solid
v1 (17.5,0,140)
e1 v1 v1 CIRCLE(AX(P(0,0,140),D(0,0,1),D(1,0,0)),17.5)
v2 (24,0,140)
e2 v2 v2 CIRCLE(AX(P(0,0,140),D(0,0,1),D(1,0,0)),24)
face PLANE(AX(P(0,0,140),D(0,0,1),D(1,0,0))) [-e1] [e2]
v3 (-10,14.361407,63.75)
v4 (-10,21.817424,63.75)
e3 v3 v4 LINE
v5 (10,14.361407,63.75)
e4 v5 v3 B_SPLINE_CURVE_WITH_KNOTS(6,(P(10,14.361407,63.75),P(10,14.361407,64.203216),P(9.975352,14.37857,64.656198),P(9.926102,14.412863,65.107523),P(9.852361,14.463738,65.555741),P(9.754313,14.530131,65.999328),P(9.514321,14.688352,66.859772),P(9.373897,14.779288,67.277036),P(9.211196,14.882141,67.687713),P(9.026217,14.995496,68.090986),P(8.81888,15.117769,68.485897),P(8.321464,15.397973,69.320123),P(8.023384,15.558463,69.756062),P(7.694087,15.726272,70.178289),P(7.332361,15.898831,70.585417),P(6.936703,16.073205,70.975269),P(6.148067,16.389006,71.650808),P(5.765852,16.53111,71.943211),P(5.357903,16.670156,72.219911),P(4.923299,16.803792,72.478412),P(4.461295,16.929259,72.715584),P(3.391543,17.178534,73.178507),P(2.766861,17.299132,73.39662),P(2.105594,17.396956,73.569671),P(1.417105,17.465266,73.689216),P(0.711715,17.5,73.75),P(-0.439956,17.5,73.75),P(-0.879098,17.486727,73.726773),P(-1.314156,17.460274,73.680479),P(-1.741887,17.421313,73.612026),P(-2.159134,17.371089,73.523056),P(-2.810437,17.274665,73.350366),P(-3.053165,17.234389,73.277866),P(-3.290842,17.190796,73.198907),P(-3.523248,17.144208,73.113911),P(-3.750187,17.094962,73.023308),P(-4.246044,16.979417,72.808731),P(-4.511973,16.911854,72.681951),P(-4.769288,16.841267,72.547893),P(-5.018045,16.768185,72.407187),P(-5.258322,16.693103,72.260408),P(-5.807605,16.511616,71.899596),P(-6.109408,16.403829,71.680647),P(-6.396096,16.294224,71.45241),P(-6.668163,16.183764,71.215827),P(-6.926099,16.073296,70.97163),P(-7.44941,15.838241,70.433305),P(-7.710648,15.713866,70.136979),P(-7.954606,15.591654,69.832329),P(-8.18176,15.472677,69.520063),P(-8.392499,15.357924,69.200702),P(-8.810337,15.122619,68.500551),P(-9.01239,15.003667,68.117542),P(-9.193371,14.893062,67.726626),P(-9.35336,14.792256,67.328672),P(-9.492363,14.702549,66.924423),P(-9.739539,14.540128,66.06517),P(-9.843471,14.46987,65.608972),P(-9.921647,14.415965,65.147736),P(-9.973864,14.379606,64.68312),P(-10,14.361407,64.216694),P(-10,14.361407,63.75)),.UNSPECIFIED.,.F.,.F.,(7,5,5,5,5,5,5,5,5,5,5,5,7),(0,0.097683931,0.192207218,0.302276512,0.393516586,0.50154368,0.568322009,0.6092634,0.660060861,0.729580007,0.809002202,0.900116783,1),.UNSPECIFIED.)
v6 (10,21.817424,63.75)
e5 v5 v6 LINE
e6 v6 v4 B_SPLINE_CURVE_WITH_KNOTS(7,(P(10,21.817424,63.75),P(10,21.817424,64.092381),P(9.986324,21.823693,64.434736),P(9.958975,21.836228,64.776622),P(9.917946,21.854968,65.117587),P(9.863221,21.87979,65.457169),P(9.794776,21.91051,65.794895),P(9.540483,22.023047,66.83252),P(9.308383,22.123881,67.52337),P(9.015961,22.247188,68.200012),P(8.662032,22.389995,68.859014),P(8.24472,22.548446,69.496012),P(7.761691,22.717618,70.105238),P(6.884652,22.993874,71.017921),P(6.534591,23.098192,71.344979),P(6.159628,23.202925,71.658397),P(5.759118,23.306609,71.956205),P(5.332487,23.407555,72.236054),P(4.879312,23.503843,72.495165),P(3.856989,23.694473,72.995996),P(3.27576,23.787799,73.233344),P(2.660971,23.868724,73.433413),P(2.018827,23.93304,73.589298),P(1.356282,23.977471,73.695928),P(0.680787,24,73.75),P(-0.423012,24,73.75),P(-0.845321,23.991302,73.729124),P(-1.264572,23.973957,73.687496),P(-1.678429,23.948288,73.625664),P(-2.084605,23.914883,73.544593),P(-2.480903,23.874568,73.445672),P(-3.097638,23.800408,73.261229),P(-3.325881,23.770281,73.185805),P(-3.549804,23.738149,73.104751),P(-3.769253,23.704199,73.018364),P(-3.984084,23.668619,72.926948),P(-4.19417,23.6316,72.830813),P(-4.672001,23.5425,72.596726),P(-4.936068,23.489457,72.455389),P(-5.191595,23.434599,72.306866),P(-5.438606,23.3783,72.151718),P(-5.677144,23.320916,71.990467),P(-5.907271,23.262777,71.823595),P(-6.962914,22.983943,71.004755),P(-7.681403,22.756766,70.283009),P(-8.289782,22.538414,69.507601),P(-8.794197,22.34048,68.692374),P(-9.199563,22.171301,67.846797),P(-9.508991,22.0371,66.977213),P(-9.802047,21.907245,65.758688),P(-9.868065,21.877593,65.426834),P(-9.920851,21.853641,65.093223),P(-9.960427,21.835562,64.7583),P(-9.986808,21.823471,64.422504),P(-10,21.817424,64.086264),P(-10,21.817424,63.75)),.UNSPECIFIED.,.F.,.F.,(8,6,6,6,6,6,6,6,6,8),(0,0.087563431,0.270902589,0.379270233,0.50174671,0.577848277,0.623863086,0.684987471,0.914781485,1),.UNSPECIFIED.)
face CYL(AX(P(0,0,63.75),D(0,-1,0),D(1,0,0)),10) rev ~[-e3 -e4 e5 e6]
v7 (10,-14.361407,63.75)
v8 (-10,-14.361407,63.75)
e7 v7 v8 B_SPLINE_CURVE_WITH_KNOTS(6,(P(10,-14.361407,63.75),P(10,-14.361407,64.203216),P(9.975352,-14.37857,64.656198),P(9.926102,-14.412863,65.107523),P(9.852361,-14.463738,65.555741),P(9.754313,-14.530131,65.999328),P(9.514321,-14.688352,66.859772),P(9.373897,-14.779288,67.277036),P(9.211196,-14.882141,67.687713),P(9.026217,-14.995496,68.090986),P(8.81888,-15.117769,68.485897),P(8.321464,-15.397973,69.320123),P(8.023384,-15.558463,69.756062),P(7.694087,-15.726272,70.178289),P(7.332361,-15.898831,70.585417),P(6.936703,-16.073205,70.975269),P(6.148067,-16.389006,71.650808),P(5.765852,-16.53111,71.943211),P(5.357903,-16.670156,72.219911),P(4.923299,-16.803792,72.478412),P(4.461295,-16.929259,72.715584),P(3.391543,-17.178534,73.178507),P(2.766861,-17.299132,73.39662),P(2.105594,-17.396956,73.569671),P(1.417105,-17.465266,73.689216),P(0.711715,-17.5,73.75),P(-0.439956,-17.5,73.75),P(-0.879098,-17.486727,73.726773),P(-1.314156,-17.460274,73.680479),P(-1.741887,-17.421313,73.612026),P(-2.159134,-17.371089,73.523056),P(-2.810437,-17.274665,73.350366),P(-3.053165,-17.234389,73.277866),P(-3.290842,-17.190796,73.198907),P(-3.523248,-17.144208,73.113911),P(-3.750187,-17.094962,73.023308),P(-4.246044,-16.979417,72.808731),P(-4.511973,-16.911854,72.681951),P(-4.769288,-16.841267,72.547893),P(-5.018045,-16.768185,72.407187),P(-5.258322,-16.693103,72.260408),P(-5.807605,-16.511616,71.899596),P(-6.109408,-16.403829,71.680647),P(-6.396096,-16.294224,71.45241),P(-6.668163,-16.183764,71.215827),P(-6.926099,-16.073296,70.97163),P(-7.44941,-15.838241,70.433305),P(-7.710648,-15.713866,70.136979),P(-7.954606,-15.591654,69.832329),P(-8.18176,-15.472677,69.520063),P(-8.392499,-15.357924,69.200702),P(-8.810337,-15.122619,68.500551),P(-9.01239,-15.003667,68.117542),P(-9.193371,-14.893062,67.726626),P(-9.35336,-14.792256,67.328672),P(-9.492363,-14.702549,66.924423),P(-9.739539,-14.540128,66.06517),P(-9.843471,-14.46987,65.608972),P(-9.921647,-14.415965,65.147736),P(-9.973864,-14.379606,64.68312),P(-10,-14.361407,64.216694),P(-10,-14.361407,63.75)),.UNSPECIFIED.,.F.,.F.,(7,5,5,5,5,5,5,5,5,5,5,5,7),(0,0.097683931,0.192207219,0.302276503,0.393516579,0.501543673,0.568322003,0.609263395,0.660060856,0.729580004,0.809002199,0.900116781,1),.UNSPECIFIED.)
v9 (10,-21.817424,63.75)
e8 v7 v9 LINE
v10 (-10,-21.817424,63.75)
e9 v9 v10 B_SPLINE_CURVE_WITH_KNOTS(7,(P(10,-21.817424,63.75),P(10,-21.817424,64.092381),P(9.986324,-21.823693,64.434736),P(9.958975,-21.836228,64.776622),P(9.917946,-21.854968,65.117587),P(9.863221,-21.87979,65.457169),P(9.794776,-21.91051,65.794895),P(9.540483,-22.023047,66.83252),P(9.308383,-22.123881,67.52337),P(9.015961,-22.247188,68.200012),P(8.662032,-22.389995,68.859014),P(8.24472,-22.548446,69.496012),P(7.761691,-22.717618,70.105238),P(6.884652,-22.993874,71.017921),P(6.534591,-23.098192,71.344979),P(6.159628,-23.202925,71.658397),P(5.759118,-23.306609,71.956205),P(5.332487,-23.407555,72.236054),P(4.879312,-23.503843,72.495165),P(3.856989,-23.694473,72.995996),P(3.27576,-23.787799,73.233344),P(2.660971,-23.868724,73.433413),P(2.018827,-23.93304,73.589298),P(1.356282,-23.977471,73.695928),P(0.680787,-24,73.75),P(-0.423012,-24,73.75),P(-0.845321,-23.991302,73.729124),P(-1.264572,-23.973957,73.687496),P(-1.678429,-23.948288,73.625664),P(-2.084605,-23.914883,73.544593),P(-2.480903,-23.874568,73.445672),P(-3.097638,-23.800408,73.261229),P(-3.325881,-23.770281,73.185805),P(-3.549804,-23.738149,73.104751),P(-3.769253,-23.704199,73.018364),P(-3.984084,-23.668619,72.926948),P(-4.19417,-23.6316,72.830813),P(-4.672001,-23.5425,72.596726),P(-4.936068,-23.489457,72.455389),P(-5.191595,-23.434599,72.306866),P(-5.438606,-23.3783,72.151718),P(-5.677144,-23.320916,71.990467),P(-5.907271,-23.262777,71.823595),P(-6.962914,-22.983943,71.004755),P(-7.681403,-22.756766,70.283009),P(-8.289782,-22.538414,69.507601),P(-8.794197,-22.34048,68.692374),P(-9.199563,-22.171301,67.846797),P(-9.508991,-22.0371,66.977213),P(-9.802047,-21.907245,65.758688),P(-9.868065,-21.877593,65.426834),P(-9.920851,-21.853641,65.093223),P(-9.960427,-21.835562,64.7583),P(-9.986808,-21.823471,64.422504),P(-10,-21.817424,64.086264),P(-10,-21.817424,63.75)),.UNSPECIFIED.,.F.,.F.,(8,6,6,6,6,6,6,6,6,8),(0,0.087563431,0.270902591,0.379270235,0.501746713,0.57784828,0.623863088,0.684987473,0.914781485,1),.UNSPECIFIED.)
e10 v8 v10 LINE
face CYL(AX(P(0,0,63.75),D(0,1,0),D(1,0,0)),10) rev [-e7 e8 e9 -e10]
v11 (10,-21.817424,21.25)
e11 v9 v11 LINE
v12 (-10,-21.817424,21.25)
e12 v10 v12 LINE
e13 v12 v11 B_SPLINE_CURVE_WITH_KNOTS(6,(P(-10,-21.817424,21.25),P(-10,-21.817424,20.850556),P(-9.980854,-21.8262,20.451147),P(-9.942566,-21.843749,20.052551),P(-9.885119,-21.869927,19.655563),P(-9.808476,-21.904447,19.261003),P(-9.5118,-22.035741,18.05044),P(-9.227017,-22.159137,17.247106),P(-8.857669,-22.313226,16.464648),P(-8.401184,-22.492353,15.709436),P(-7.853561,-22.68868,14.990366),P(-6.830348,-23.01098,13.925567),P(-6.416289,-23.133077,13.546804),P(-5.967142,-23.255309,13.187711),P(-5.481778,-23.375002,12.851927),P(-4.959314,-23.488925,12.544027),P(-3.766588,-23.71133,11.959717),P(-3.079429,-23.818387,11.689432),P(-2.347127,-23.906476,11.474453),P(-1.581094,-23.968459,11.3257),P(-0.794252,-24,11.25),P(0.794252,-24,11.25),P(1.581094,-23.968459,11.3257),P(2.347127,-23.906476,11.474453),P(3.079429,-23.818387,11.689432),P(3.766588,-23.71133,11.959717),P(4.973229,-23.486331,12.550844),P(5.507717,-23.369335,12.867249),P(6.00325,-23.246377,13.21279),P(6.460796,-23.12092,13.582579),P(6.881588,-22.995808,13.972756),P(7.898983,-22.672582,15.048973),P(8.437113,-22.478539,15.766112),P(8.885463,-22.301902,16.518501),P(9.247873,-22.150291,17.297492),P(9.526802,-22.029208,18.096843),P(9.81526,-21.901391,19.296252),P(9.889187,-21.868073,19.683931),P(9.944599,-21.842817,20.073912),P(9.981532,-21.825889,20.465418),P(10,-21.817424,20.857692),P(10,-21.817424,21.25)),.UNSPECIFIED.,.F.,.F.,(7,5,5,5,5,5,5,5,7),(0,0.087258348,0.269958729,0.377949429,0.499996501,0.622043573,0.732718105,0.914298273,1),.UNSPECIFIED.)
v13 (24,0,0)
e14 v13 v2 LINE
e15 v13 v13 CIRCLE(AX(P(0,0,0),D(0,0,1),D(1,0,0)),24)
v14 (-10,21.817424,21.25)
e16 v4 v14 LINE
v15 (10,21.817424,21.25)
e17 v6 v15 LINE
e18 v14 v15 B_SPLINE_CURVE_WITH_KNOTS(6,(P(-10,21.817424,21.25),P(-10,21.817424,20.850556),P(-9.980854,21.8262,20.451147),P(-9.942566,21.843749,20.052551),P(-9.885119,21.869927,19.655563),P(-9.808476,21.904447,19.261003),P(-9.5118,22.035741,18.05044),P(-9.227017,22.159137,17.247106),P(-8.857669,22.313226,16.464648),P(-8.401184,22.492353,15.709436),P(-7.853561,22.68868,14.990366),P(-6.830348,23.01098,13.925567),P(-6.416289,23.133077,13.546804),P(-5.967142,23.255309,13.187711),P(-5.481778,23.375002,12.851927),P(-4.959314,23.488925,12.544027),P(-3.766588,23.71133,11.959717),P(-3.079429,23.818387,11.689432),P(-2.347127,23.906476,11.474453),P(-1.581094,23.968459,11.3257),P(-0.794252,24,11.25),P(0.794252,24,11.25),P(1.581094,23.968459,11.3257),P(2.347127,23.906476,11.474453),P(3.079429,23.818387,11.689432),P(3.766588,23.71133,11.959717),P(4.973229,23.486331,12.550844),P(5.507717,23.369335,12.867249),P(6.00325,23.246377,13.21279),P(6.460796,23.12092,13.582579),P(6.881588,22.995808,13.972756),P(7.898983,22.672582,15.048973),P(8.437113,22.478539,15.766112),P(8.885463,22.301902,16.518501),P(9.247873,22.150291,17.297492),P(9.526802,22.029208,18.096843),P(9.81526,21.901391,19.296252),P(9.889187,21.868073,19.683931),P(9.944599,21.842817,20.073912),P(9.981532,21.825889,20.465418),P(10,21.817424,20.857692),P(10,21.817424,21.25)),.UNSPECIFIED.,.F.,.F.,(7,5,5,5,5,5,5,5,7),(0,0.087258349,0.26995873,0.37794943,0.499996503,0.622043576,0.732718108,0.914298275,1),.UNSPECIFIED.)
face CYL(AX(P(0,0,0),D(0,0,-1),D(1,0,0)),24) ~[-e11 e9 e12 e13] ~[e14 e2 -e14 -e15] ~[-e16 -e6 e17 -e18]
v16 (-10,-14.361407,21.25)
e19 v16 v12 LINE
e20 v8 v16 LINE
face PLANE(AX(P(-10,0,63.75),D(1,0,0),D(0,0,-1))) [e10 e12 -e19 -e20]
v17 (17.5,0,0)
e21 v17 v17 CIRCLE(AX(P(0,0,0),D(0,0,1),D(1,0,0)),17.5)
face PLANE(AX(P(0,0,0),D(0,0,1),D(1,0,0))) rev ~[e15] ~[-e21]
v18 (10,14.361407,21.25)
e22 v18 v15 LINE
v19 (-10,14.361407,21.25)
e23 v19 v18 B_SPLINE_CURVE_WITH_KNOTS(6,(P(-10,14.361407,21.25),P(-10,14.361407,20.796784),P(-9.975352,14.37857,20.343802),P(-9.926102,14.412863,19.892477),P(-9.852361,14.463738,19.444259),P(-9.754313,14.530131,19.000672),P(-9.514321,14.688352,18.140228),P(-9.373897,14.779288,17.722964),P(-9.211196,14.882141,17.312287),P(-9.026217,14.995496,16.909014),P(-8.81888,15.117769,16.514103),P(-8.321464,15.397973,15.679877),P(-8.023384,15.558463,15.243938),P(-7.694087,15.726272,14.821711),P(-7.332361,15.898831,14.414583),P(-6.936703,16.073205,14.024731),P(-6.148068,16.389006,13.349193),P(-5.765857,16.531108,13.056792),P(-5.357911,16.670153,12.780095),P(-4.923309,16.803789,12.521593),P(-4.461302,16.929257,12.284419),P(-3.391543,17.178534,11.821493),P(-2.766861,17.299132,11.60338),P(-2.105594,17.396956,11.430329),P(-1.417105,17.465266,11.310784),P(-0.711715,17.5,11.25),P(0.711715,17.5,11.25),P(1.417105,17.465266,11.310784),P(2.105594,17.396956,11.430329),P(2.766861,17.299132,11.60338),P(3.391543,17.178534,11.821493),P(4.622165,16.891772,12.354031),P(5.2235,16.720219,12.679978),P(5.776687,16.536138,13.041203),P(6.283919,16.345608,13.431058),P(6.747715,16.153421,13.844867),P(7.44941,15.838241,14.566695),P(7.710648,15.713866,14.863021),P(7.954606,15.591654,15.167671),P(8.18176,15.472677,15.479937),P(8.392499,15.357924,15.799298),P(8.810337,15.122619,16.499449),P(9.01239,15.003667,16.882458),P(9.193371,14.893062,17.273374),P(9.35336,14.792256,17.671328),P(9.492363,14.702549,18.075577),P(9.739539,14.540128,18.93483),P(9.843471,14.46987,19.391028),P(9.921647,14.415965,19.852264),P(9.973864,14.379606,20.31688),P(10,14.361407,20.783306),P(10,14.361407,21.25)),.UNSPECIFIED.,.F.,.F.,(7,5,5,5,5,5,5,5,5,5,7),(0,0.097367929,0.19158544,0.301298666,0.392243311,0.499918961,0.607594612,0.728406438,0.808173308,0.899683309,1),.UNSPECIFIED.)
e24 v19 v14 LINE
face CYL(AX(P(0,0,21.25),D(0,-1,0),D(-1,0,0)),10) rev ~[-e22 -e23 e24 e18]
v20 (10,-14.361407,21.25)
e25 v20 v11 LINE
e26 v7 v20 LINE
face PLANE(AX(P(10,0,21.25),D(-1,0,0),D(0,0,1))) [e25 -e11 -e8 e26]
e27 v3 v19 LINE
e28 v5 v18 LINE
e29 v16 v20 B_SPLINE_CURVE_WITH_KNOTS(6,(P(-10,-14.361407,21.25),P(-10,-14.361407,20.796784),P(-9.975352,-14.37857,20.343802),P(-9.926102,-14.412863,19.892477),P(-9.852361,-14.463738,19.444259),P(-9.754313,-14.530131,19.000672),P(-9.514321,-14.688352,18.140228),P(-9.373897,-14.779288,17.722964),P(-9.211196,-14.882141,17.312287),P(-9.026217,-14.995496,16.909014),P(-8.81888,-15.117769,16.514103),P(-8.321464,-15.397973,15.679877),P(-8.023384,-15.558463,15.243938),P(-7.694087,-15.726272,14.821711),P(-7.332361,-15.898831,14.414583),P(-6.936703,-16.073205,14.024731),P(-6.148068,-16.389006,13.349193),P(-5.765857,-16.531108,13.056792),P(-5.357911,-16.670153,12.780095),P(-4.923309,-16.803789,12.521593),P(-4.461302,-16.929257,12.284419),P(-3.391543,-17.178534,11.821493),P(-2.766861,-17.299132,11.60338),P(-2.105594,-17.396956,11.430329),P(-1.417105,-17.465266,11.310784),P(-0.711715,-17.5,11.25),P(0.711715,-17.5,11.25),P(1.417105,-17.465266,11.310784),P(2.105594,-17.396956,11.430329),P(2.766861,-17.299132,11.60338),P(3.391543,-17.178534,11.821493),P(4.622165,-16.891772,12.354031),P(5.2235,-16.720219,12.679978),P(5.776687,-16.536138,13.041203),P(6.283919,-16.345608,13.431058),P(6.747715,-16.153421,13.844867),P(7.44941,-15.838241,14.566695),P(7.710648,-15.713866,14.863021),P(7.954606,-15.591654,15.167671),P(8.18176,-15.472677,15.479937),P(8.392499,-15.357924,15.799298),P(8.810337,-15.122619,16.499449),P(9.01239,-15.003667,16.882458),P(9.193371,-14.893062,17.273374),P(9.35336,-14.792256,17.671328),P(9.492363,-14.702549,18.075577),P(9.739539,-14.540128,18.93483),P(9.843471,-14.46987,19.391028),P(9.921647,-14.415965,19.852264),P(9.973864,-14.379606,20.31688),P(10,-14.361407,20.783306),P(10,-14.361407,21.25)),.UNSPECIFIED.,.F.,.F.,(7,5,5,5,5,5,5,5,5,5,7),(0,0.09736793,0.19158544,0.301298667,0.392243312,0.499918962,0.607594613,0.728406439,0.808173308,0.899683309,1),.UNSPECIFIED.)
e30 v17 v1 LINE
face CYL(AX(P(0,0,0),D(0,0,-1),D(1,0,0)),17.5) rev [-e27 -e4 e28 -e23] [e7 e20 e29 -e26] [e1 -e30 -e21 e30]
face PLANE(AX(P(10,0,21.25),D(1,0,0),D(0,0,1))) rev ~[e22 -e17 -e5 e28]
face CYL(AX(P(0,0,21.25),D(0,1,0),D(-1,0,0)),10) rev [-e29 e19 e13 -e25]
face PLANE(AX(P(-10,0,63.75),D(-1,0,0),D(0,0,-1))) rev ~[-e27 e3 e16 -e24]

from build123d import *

# Parameters (mm, degrees)
F0_R          = 24
F0_R_2        = 17.5
F1_DEPTH      = 140
F3_DEPTH      = 24.001
F3_DEPTH_BACK = 24.001


with BuildPart() as f1:
    # F0 (on Top) → F1 (new body)
    with BuildSketch(Plane.XY):
        Circle(F0_R)
        Circle(F0_R_2, mode=Mode.SUBTRACT)
    extrude(amount=F1_DEPTH)

    # F2 (on Front) → F3 (cut, two sides)
    with BuildSketch(Plane.XZ) as f3_sk:
        with BuildLine():
            ThreePointArc((-10, 21.25), (0, 11.25), (10, 21.25))
            Line((10, 21.25), (10, 63.75))
            ThreePointArc((10, 63.75), (0, 73.75), (-10, 63.75))
            Line((-10, 63.75), (-10, 21.25))
        make_face()
    extrude(amount=-F3_DEPTH, mode=Mode.SUBTRACT)
    extrude(f3_sk.sketch, amount=F3_DEPTH_BACK, mode=Mode.SUBTRACT)


solid = f1.part
